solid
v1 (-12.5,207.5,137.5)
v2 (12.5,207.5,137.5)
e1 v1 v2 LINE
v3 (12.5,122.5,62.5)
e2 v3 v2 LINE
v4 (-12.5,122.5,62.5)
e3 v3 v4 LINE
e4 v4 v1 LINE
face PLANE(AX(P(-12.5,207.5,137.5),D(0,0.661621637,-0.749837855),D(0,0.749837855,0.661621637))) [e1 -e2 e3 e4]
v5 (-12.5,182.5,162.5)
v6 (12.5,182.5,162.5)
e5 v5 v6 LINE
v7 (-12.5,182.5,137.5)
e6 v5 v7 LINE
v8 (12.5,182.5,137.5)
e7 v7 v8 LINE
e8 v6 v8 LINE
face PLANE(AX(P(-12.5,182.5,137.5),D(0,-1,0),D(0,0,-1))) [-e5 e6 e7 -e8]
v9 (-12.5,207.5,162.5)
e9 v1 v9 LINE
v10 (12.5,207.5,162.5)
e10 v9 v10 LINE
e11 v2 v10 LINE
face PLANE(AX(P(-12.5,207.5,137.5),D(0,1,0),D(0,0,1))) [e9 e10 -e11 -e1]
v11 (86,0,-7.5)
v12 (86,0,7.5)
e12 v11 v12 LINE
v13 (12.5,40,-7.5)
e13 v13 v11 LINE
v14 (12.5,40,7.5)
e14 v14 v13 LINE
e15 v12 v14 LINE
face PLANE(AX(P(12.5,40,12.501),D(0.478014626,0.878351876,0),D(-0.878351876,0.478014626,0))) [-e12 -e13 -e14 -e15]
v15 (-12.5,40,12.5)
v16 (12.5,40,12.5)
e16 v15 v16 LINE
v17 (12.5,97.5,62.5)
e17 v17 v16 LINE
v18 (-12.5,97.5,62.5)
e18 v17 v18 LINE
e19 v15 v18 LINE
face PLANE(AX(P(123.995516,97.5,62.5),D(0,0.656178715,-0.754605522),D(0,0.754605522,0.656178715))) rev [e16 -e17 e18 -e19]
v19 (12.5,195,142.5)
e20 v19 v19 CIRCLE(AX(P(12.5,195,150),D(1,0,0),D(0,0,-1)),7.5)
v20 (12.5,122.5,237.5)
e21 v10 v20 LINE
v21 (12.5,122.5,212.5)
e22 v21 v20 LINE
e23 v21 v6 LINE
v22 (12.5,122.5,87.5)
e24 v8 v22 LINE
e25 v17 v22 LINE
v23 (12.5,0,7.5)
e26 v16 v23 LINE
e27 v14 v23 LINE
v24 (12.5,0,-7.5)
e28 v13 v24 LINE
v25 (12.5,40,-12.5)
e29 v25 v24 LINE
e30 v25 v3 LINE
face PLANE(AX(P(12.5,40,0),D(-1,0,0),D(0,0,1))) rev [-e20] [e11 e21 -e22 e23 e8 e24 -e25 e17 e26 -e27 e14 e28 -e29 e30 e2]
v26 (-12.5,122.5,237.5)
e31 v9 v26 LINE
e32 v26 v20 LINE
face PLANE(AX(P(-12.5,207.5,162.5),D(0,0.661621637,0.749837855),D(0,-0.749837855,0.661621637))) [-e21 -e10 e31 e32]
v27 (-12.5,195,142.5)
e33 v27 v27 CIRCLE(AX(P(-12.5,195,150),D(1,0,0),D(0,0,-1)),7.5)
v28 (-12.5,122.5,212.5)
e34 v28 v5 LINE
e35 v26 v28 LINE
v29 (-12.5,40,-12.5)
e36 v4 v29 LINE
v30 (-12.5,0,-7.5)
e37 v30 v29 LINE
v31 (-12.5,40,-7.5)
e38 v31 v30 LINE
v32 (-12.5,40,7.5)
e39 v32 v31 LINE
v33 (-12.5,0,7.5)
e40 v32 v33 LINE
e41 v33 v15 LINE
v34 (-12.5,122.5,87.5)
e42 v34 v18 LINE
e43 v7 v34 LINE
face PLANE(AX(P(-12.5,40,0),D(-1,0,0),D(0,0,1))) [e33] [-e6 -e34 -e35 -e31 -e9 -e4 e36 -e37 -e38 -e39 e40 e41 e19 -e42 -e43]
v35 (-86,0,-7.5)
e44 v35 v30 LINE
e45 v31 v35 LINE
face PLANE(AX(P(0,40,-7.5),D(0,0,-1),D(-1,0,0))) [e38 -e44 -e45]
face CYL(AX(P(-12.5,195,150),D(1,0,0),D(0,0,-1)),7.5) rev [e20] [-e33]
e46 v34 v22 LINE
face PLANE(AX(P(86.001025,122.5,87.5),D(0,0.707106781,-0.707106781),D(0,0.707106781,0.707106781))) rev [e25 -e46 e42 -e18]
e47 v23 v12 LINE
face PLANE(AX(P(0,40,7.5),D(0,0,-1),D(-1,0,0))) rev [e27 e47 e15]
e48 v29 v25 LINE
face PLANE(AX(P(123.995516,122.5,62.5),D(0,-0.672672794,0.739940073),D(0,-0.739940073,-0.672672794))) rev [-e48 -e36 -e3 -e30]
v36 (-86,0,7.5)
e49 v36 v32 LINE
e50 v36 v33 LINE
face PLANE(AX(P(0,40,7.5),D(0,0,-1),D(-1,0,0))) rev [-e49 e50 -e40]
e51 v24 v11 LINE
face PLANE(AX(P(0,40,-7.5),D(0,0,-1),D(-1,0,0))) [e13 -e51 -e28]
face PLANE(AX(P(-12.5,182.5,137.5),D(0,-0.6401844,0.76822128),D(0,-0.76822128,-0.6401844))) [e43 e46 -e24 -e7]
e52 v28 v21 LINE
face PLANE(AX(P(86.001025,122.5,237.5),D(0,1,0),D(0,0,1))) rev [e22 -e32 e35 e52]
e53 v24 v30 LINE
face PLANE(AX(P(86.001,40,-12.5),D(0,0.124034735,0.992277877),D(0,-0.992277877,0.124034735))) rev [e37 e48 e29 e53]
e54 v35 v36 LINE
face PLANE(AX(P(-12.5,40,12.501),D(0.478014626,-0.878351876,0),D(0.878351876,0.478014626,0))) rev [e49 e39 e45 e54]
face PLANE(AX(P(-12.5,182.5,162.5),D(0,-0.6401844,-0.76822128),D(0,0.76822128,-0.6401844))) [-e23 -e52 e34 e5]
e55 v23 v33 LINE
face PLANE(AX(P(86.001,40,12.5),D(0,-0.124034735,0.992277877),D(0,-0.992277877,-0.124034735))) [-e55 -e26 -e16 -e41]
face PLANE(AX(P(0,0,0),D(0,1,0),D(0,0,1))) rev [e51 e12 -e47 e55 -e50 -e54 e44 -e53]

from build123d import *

# Parameters (mm, degrees)
SKETCH2_W                  = 25
SKETCH2_H                  = 5
SKETCH2_H_2                = 15
SKETCH2_W_2                = 73.5
BOSS_EXTRUDE3_DEPTH        = 40
CUT_EXTRUDE1_DEPTH         = 15
CUT_EXTRUDE3_DEPTH         = 25
SKETCH5_W                  = 25
SKETCH5_H                  = 25
BOSS_EXTRUDE4_DEPTH        = 12.5
BOSS_EXTRUDE4_DEPTH_BACK   = 12.5
BOSS_EXTRUDE4_2_DEPTH      = 12.5
BOSS_EXTRUDE4_2_DEPTH_BACK = 12.5
BOSS_EXTRUDE5_START        = -12.5
BOSS_EXTRUDE5_DEPTH        = 25
SKETCH9_W                  = 25
SKETCH9_H                  = 25
SKETCH9_R                  = 7.5
BOSS_EXTRUDE6_DEPTH        = 12.5
BOSS_EXTRUDE6_DEPTH_BACK   = 12.5
BOSS_EXTRUDE7_DEPTH        = 12.5
BOSS_EXTRUDE7_DEPTH_BACK   = 12.5
BOSS_EXTRUDE8_DEPTH        = 12.5
BOSS_EXTRUDE8_DEPTH_BACK   = 12.5
CUT_EXTRUDE4_REACH         = 100.5
SKETCH12_W                 = 25
SKETCH12_H                 = 25
CUT_EXTRUDE5_REACH         = 100.5


with BuildPart() as part:
    # Sketch2 → Boss-Extrude3 (new body)
    with BuildSketch(Plane(origin=(0, 0, 0), x_dir=(1, 0, 0), z_dir=(0, 1, 0))):
        with Locations((0, -10)):
            Rectangle(SKETCH2_W, SKETCH2_H)
        Rectangle(SKETCH2_W, SKETCH2_H_2)
        with Locations((0, 10)):
            Rectangle(SKETCH2_W, SKETCH2_H)
        with Locations((-49.25, 0)):
            Rectangle(SKETCH2_W_2, SKETCH2_H_2)
        with Locations((49.25, 0)):
            Rectangle(SKETCH2_W_2, SKETCH2_H_2)
    extrude(amount=BOSS_EXTRUDE3_DEPTH)

    # Sketch6 → Cut-Extrude1 (cut)
    with BuildSketch(Plane(origin=(0, 0, -7.5), x_dir=(-1, 0, 0), z_dir=(0, 0, -1))):
        Polygon((12.5, 40), (86, 0), (86, 40), align=None)
    cut_extrude1 = extrude(amount=-CUT_EXTRUDE1_DEPTH, mode=Mode.SUBTRACT)

    # Mirror1: Cut-Extrude1 across plane
    add(cut_extrude1.mirror(Plane(origin=(0, 0, 0), x_dir=(0, 0, 1), z_dir=(1, 0, 0))), mode=Mode.SUBTRACT)

    # Sketch7 → Cut-Extrude3 (cut)
    with BuildSketch(Plane.ZY.offset(12.5)):
        Polygon((-12.5, 40), (-7.5, 0), (-12.5, 0), align=None)
    cut_extrude3 = extrude(amount=-CUT_EXTRUDE3_DEPTH, mode=Mode.SUBTRACT)

    # Mirror2: Cut-Extrude3 across plane
    add(cut_extrude3.mirror(Plane.XY), mode=Mode.SUBTRACT)



with BuildPart() as body_2:
    # Sketch5 → Boss-Extrude4 (new body, two sides)
    with BuildSketch(Plane(origin=(0, 0, 0), x_dir=(0, 0, -1), z_dir=(1, 0, 0))) as boss_extrude4_sk:
        with Locations((-75, 110)):
            Rectangle(SKETCH5_W, SKETCH5_H)
    extrude(amount=BOSS_EXTRUDE4_DEPTH)
    extrude(boss_extrude4_sk.sketch, amount=-BOSS_EXTRUDE4_DEPTH_BACK)


with BuildPart() as body_3:
    # Sketch5 → Boss-Extrude4 2 (new body, two sides)
    with BuildSketch(Plane(origin=(0, 0, 0), x_dir=(0, 0, -1), z_dir=(1, 0, 0))) as boss_extrude4_2_sk:
        with Locations((-225, 110)):
            Rectangle(SKETCH5_W, SKETCH5_H)
    extrude(amount=BOSS_EXTRUDE4_2_DEPTH)
    extrude(boss_extrude4_2_sk.sketch, amount=-BOSS_EXTRUDE4_2_DEPTH_BACK)


with BuildPart() as part_1:
    add(part.part)

    add(body_2.part)  # Boss-Extrude5 merges body 2
    # Sketch8 → Boss-Extrude5 (add)
    with BuildSketch(Plane(origin=(0, 0, 0), x_dir=(0, 0, -1), z_dir=(1, 0, 0)).offset(BOSS_EXTRUDE5_START)):
        Polygon((-62.5, 97.5), (-12.5, 40), (12.5, 40), (-62.5, 122.5), align=None)
    extrude(amount=BOSS_EXTRUDE5_DEPTH)



with BuildPart() as body_3_2:
    # Sketch9 → Boss-Extrude6 (new body, two sides)
    with BuildSketch(Plane(origin=(0, 0, 0), x_dir=(0, 0, -1), z_dir=(1, 0, 0))) as boss_extrude6_sk:
        with Locations((-150, 195)):
            Rectangle(SKETCH9_W, SKETCH9_H)
        with Locations((-150, 195)):
            Circle(SKETCH9_R, mode=Mode.SUBTRACT)
    extrude(amount=BOSS_EXTRUDE6_DEPTH)
    extrude(boss_extrude6_sk.sketch, amount=-BOSS_EXTRUDE6_DEPTH_BACK)


with BuildPart() as part_2:
    add(part_1.part)

    add(body_3_2.part)  # Boss-Extrude7 merges body 3 2
    # Sketch10 → Boss-Extrude7 (add, two sides)
    with BuildSketch(Plane(origin=(0, 0, 0), x_dir=(0, 0, -1), z_dir=(1, 0, 0))) as boss_extrude7_sk:
        Polygon((-137.5, 182.5), (-87.5, 122.5), (-62.5, 122.5), (-137.5, 207.5), align=None)
    extrude(amount=BOSS_EXTRUDE7_DEPTH)
    extrude(boss_extrude7_sk.sketch, amount=-BOSS_EXTRUDE7_DEPTH_BACK)


    add(body_3.part)  # Boss-Extrude8 merges body 3
    # Sketch11 → Boss-Extrude8 (add, two sides)
    with BuildSketch(Plane(origin=(0, 0, 0), x_dir=(0, 0, -1), z_dir=(1, 0, 0))) as boss_extrude8_sk:
        Polygon((-162.5, 182.5), (-212.5, 122.5), (-237.5, 122.5), (-162.5, 207.5), align=None)
    extrude(amount=BOSS_EXTRUDE8_DEPTH)
    extrude(boss_extrude8_sk.sketch, amount=-BOSS_EXTRUDE8_DEPTH_BACK)

    # Sketch12 → Cut-Extrude4 (cut, up to next)
    with BuildSketch(Plane.ZY.offset(12.5), mode=Mode.PRIVATE) as cut_extrude4_sk1:
        with Locations((225, 110)):
            Rectangle(SKETCH12_W, SKETCH12_H)
    cut_extrude4_tool1 = extrude(cut_extrude4_sk1.sketch, amount=-CUT_EXTRUDE4_REACH, mode=Mode.PRIVATE) & part_2.part
    add(cut_extrude4_tool1.solids().sort_by_distance((-12.5, 110, 225))[0], mode=Mode.SUBTRACT)

    # Sketch13 → Cut-Extrude5 (cut, up to next)
    with BuildSketch(Plane.ZY.offset(12.5), mode=Mode.PRIVATE) as cut_extrude5_sk1:
        Polygon((87.5, 122.5), (62.5, 97.5), (87.5, 97.5), align=None)
    cut_extrude5_tool1 = extrude(cut_extrude5_sk1.sketch, amount=-CUT_EXTRUDE5_REACH, mode=Mode.PRIVATE) & part_2.part
    add(cut_extrude5_tool1.solids().sort_by_distance((-12.5, 105.833333, 79.166667))[0], mode=Mode.SUBTRACT)


solid = part_2.part
